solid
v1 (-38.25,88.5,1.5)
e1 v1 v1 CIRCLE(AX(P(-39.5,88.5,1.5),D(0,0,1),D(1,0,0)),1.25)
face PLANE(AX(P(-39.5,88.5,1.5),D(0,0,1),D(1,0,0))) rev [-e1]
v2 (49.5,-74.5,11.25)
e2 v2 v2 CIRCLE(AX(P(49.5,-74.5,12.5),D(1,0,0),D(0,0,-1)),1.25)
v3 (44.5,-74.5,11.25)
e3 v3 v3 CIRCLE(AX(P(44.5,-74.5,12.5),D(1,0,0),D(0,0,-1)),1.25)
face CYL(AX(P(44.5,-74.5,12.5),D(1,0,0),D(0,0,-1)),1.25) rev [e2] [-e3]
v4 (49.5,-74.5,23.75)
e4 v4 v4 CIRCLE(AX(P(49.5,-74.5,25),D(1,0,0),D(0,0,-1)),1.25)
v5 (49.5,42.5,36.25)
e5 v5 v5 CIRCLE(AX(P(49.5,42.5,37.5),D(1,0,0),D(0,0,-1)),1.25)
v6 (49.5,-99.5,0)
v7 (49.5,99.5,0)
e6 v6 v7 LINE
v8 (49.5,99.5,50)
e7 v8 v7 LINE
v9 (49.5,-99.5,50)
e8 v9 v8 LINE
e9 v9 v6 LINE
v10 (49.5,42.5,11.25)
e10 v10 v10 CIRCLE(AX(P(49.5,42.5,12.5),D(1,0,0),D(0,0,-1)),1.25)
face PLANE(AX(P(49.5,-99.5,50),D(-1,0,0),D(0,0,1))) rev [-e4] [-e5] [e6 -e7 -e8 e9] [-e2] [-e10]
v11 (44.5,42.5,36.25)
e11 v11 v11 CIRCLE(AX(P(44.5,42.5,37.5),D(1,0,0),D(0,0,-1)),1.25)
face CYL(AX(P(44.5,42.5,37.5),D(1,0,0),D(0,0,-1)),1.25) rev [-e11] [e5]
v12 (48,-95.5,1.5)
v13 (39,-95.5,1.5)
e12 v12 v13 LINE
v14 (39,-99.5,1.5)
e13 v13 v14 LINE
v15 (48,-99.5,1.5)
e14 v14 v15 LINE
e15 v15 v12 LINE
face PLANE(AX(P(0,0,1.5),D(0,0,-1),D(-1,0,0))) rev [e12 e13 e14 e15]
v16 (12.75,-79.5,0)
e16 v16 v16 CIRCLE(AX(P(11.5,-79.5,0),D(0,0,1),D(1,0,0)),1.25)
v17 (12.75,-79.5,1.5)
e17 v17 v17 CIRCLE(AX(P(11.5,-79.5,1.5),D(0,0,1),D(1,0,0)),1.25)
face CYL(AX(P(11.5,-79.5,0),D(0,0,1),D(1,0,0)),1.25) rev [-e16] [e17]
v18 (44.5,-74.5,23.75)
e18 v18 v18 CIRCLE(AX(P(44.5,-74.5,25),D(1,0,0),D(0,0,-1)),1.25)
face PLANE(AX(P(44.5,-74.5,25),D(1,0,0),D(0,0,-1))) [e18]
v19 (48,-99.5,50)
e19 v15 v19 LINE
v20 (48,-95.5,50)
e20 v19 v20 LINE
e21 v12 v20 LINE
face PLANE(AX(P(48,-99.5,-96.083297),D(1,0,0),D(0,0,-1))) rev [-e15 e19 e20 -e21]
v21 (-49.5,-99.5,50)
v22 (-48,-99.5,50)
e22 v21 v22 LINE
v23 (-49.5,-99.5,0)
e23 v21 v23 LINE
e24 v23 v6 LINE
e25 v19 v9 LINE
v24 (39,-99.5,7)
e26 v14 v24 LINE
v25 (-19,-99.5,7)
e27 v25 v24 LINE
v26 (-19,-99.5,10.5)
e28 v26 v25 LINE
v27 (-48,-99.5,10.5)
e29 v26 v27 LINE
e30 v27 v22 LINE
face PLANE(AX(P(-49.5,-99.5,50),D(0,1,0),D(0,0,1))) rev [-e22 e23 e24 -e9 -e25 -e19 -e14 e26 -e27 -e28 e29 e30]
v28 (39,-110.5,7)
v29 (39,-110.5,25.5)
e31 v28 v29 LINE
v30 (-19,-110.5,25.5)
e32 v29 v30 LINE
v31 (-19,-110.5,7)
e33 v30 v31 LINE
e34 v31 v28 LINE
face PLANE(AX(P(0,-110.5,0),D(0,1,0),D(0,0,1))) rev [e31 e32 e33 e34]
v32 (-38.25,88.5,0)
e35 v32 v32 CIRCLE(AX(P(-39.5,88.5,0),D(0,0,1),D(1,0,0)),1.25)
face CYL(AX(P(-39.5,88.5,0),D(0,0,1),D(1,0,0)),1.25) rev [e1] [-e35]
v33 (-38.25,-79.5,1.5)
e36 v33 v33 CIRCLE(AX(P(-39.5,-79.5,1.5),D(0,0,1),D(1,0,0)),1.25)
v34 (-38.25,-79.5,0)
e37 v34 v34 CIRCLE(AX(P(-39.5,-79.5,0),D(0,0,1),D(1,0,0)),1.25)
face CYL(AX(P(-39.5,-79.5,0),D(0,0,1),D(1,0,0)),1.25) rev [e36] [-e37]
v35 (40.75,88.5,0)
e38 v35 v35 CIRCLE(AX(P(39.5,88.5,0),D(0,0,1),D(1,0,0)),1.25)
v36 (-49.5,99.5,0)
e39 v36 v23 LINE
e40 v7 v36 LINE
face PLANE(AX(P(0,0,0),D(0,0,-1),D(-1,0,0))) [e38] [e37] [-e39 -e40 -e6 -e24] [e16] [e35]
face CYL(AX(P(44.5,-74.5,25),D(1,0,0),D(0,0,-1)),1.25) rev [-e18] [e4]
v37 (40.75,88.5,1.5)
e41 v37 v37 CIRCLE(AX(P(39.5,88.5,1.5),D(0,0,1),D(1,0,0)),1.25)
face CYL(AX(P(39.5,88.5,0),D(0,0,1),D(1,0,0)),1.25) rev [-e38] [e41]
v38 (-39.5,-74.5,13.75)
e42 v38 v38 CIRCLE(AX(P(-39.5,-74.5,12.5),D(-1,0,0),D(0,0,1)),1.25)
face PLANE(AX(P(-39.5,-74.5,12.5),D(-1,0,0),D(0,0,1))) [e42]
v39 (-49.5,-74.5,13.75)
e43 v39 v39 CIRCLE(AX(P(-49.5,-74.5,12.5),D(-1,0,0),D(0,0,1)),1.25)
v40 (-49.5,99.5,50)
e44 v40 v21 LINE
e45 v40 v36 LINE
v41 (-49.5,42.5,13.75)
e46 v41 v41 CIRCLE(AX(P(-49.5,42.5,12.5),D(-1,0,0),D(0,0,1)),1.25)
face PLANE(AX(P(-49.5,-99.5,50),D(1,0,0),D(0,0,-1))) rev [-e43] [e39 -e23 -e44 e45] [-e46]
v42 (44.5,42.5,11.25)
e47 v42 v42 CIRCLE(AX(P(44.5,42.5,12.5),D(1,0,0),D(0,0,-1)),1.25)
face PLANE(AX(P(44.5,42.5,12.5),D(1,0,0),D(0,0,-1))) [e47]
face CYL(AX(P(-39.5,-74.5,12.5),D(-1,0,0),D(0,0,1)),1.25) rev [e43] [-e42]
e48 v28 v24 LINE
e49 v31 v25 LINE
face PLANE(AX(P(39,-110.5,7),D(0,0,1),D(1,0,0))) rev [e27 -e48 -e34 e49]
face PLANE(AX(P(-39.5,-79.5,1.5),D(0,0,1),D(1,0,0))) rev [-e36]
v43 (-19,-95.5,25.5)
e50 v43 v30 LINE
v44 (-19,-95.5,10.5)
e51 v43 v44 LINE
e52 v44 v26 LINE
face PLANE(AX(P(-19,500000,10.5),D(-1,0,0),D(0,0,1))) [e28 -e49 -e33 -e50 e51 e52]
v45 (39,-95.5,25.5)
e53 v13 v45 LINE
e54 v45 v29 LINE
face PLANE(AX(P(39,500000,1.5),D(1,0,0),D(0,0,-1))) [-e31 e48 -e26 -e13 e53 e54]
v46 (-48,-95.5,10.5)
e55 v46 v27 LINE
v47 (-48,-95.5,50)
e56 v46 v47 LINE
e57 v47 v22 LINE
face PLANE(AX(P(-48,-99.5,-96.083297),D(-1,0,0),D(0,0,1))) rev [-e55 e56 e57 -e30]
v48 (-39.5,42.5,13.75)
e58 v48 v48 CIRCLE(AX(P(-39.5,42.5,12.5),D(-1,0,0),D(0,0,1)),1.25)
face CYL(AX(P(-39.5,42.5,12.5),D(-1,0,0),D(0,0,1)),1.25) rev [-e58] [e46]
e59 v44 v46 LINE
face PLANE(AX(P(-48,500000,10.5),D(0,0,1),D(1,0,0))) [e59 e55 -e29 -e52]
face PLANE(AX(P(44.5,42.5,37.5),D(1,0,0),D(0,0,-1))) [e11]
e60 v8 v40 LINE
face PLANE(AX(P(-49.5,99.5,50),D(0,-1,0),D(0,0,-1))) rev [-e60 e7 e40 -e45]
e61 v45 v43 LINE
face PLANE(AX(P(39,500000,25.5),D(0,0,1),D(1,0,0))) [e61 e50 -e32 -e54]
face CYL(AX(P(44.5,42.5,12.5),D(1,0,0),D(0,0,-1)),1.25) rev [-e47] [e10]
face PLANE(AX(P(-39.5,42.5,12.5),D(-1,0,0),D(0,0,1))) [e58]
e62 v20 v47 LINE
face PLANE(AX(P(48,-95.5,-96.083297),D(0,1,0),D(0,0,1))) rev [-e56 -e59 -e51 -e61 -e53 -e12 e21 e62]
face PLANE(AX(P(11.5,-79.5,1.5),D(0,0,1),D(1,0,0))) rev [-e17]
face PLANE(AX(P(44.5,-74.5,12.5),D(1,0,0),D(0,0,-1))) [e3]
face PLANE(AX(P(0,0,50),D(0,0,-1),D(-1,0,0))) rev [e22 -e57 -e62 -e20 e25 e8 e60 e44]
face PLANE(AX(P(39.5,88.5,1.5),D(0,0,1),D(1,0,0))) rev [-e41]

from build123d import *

# Parameters (mm, degrees)
SKETCH1_W           = 99
SKETCH1_H           = 199
BOSS_EXTRUDE1_DEPTH = 50
SKETCH2_W           = 96
SKETCH2_H           = 4
CUT_EXTRUDE1_DEPTH  = 48.5
BOSS_EXTRUDE2_REACH = 213.072
SKETCH7_W           = 58
SKETCH7_H           = 18.5
BOSS_EXTRUDE3_DEPTH = 11
SKETCH9_R           = 1.25
CUT_EXTRUDE6_DEPTH  = 131.432932958
SKETCH10_R          = 1.25
CUT_EXTRUDE7_DEPTH  = 5
CUT_EXTRUDE8_START  = -10
SKETCH11_R          = 1.25
CUT_EXTRUDE8_DEPTH  = 10


with BuildPart() as part:
    # Sketch1 → Boss-Extrude1 (new body)
    with BuildSketch(Plane.XY):
        Rectangle(SKETCH1_W, SKETCH1_H)
    extrude(amount=BOSS_EXTRUDE1_DEPTH)

    # Sketch2 → Cut-Extrude1 (cut)
    with BuildSketch(Plane.XY.offset(50)):
        with Locations((0, -97.5)):
            Rectangle(SKETCH2_W, SKETCH2_H)
    extrude(amount=-CUT_EXTRUDE1_DEPTH, mode=Mode.SUBTRACT)

    # Sketch3 → Boss-Extrude2 (add, up to next)
    with BuildSketch(Plane.XZ.offset(99.5), mode=Mode.PRIVATE) as boss_extrude2_sk1:
        Polygon((39, 1.5), (-43.455469088, 1.5), (-48, 1.5), (-48, 10.5), (-19, 10.5), (-19, 25.5), (39, 25.5), align=None)
    boss_extrude2_tool1 = extrude(boss_extrude2_sk1.sketch, amount=-BOSS_EXTRUDE2_REACH, mode=Mode.PRIVATE) - part.part
    add(boss_extrude2_tool1.solids().sort_by_distance((3.131579, -99.5, 12.315789))[0])

    # Sketch7 → Boss-Extrude3 (add)
    with BuildSketch(Plane.XZ.offset(99.5)):
        with Locations((10, 16.25)):
            Rectangle(SKETCH7_W, SKETCH7_H)
    extrude(amount=BOSS_EXTRUDE3_DEPTH)

    # Sketch9 → Cut-Extrude6 (cut, through all)
    with BuildSketch(Plane.XY.offset(1.5)):
        with Locations((11.5, -79.5)):
            Circle(SKETCH9_R)
        with Locations((-39.5, -79.5)):
            Circle(SKETCH9_R)
        with Locations((-39.5, 88.5)):
            Circle(SKETCH9_R)
        with Locations((39.5, 88.5)):
            Circle(SKETCH9_R)
    extrude(amount=-CUT_EXTRUDE6_DEPTH, mode=Mode.SUBTRACT)

    # Sketch10 → Cut-Extrude7 (cut)
    with BuildSketch(Plane(origin=(49.5, 0, 0), x_dir=(0, 0, -1), z_dir=(1, 0, 0))):
        with Locations((-37.5, 42.5)):
            Circle(SKETCH10_R)
        with Locations((-12.5, 42.5)):
            Circle(SKETCH10_R)
        with Locations((-25, -74.5)):
            Circle(SKETCH10_R)
        with Locations((-12.5, -74.5)):
            Circle(SKETCH10_R)
    extrude(amount=-CUT_EXTRUDE7_DEPTH, mode=Mode.SUBTRACT)

    # Sketch11 → Cut-Extrude8 (cut)
    with BuildSketch(Plane.ZY.offset(49.5).offset(CUT_EXTRUDE8_START)):
        with Locations(Location((12.5, -74.5, 0), (0, 0, 180))):
            Circle(SKETCH11_R)
        with Locations(Location((12.5, 42.5, 0), (0, 0, 180))):
            Circle(SKETCH11_R)
    extrude(amount=CUT_EXTRUDE8_DEPTH, mode=Mode.SUBTRACT)


solid = part.part
